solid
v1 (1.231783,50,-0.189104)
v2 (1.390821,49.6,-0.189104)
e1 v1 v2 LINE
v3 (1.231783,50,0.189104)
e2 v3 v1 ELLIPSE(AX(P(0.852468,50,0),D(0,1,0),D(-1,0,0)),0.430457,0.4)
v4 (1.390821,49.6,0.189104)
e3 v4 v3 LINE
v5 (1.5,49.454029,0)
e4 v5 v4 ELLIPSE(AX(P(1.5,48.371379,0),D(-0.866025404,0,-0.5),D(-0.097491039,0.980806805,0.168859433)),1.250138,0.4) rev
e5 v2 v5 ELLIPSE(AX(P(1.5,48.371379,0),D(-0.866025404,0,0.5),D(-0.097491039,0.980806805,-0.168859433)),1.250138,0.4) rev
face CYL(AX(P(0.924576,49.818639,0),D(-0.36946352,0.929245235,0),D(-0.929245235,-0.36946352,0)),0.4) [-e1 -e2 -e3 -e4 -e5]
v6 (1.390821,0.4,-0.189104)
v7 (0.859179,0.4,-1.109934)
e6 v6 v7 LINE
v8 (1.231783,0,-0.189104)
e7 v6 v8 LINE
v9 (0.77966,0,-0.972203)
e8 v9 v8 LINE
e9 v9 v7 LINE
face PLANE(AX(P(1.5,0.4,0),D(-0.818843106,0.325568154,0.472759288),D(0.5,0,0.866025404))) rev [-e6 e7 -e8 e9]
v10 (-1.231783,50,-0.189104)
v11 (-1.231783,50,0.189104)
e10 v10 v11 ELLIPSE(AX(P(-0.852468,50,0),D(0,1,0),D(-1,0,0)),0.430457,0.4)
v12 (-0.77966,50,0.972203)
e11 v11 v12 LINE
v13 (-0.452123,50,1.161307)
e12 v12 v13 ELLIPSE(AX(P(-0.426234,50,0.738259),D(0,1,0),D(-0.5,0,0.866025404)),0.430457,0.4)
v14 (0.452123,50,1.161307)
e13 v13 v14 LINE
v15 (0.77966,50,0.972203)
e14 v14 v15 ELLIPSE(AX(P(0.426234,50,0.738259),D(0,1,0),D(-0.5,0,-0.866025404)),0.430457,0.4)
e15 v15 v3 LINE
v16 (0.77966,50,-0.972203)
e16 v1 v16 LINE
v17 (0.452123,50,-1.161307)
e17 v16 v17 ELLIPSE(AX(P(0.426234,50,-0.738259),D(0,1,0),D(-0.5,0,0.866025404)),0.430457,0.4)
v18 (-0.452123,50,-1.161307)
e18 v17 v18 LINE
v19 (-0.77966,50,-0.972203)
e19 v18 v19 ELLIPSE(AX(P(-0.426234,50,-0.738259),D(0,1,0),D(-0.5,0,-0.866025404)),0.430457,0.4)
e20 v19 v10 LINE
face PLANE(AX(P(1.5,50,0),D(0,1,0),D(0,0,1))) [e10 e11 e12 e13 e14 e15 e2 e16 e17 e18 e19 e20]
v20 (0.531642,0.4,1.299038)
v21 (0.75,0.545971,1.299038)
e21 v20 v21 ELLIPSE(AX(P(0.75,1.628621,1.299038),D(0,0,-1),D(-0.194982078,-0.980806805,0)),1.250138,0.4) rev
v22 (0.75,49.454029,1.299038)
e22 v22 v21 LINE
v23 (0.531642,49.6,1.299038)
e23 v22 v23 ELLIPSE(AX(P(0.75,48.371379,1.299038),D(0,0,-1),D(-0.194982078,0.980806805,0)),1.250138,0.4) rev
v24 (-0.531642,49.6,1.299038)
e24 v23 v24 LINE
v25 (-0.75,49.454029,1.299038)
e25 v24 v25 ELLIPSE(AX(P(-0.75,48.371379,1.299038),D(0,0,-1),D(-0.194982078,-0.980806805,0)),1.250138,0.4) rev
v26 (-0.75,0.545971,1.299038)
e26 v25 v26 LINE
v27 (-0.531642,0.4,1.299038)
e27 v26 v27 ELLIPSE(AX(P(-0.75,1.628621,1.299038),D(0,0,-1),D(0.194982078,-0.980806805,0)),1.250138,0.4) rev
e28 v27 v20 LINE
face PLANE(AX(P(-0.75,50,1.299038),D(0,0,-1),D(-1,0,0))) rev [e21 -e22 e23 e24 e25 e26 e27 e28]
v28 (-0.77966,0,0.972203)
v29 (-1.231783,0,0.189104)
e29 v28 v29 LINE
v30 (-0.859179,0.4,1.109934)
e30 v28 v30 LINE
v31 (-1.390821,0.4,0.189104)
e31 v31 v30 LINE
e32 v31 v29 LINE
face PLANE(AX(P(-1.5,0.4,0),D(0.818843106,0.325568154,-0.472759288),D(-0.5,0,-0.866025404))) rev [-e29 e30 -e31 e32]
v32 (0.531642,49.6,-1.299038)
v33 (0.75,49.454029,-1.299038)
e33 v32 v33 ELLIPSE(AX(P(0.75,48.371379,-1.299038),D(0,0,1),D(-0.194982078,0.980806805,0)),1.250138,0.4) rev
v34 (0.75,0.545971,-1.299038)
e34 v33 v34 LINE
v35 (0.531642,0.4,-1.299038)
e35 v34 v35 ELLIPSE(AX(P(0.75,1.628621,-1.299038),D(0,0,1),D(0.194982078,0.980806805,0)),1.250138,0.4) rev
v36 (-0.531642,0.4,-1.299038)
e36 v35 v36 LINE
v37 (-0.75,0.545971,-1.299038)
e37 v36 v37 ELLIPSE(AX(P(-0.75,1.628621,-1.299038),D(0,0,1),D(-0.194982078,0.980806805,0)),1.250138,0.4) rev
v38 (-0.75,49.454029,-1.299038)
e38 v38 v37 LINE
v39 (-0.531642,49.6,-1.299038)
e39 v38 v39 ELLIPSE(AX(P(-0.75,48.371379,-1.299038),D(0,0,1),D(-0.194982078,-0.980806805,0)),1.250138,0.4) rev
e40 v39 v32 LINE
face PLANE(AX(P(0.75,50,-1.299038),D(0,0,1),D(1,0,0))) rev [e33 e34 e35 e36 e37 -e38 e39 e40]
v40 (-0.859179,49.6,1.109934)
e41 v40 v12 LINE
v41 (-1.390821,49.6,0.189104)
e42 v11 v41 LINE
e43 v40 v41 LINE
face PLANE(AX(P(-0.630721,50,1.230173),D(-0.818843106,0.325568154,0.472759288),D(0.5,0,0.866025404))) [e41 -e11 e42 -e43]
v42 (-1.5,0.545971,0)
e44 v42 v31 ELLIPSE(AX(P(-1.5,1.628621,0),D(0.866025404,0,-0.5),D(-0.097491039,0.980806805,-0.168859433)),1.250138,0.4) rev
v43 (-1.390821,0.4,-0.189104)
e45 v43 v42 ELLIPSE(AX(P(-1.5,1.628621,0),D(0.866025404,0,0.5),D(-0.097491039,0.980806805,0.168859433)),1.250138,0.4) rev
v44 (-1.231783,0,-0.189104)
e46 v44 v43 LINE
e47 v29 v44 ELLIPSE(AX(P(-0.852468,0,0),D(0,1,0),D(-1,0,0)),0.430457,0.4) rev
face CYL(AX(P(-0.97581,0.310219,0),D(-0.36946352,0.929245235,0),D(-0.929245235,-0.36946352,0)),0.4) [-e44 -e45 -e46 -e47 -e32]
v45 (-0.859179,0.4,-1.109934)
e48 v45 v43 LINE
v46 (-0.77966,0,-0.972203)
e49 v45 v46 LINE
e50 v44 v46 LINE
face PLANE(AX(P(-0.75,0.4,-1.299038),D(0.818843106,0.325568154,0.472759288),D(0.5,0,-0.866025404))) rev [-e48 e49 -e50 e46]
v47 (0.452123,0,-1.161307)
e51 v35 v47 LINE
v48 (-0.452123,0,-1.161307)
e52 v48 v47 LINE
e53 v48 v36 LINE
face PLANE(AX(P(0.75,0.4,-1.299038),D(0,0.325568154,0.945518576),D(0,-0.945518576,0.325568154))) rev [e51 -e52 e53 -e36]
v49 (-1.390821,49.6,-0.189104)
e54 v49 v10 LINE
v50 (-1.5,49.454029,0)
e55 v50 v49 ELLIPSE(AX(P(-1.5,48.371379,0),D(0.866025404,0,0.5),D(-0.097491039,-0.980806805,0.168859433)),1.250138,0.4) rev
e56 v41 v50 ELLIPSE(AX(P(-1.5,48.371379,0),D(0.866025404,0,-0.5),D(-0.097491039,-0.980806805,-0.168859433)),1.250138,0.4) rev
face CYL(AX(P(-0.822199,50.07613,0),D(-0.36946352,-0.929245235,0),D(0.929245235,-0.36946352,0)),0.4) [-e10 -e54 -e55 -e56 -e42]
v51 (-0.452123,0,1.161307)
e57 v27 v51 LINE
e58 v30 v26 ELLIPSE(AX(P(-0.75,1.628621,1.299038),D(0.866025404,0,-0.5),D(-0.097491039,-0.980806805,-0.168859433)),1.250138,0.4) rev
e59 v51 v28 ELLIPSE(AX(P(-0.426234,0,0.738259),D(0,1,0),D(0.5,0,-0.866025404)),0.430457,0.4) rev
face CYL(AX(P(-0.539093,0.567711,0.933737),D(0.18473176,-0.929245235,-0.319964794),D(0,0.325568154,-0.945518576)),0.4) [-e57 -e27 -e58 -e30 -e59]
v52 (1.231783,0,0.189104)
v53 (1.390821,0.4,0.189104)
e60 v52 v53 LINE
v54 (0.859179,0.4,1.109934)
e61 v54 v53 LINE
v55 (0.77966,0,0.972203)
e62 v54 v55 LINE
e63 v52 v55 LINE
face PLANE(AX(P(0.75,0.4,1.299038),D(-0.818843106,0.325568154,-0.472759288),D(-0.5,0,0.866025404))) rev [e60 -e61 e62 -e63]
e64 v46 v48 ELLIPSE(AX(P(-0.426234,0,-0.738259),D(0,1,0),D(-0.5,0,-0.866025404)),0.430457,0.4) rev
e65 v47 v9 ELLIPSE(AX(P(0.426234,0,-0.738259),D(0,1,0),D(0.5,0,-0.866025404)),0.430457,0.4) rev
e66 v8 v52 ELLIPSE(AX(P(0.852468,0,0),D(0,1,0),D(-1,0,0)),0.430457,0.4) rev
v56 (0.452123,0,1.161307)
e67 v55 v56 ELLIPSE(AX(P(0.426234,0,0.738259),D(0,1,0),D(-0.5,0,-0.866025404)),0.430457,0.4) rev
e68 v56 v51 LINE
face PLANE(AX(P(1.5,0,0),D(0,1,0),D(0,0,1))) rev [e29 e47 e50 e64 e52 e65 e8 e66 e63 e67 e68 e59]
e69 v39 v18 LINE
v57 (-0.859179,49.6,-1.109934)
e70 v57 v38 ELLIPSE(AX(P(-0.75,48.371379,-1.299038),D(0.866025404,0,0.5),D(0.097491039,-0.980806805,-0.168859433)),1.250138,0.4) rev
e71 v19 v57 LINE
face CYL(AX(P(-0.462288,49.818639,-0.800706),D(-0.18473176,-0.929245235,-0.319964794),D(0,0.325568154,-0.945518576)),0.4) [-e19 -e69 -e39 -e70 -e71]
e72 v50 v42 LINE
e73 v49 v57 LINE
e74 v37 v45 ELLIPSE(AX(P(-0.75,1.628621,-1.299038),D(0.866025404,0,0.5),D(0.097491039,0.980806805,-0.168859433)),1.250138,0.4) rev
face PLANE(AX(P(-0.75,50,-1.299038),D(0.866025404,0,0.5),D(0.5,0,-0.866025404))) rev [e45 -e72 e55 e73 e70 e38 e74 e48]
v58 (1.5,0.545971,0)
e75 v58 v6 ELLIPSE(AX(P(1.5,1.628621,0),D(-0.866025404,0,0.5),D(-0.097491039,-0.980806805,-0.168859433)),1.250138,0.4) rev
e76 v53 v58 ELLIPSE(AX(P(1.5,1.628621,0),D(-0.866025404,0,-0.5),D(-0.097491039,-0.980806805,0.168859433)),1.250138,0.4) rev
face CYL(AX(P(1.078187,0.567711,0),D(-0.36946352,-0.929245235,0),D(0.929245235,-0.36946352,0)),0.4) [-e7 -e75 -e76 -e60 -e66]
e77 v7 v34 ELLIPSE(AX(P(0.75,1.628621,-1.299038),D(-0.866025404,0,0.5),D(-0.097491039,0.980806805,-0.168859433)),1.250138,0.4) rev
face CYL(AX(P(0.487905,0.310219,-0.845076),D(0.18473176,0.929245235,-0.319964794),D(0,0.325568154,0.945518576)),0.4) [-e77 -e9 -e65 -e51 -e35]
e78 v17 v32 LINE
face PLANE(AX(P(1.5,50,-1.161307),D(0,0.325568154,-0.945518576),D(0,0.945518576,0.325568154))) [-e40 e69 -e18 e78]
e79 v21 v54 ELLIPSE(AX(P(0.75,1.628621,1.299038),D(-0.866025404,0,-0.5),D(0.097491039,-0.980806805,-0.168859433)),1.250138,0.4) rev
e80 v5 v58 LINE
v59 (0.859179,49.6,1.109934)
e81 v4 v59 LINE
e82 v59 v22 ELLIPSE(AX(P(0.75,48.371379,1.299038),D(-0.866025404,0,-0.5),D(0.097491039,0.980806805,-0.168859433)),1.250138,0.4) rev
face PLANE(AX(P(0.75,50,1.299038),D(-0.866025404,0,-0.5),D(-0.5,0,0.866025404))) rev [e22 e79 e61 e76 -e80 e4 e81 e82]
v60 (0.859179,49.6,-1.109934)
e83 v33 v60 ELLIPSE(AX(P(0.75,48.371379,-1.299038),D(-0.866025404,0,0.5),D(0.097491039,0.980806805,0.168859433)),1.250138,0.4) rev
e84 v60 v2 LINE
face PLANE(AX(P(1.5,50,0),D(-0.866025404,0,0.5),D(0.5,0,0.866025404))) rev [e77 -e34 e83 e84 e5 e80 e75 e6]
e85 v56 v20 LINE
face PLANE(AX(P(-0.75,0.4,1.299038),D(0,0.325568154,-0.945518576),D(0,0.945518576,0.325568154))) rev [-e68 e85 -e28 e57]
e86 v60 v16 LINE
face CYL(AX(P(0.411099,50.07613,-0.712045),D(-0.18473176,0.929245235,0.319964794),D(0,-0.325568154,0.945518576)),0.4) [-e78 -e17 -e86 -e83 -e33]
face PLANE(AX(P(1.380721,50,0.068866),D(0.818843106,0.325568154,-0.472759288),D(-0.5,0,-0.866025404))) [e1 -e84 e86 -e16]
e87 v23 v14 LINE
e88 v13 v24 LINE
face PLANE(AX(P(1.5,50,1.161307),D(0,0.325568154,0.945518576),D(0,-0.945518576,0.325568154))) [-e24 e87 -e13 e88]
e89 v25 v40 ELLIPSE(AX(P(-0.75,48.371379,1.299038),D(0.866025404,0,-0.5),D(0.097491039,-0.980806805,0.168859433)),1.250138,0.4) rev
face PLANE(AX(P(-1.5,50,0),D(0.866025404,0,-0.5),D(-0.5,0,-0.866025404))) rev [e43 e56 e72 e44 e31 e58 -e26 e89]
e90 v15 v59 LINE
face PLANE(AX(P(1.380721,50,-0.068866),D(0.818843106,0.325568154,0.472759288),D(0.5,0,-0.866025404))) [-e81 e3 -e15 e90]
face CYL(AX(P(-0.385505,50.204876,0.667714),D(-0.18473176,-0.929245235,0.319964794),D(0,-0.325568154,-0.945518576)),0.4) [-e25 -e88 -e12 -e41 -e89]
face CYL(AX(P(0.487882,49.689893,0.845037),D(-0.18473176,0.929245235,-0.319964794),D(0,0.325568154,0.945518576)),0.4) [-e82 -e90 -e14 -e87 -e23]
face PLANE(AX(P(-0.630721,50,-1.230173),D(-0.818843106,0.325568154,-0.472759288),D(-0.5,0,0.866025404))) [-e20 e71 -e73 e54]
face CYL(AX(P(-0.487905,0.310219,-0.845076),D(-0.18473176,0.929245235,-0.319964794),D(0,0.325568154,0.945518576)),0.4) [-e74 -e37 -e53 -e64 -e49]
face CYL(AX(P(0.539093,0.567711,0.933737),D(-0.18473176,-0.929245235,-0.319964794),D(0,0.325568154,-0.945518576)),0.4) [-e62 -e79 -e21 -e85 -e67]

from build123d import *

# Parameters (mm, degrees)
BOSS_EXTRUDE1_DEPTH   = 50
CHAMFER1_SIZE         = 0.4
CHAMFER1_SIZE2        = 0.137731045
CHAMFER1_PART_2_SIZE  = 0.4
CHAMFER1_PART_2_SIZE2 = 0.137731045
CHAMFER1_PART_3_SIZE  = 0.4
CHAMFER1_PART_3_SIZE2 = 0.137731045
CHAMFER1_PART_4_SIZE  = 0.4
CHAMFER1_PART_4_SIZE2 = 0.137731045
CHAMFER1_PART_5_SIZE  = 0.4
CHAMFER1_PART_5_SIZE2 = 0.137731045
CHAMFER1_PART_6_SIZE  = 0.4
CHAMFER1_PART_6_SIZE2 = 0.137731045
FILLET1_R             = 0.4


with BuildPart() as part:
    # Sketch1 → Boss-Extrude1 (new body)
    with BuildSketch(Plane(origin=(0, 0, 0), x_dir=(1, 0, 0), z_dir=(0, 1, 0))):
        Polygon((1.5, 0), (0.75, 1.299038106), (-0.75, 1.299038106), (-1.5, 0), (-0.75, -1.299038106), (0.75, -1.299038106), align=None)
    extrude(amount=BOSS_EXTRUDE1_DEPTH)

    # Chamfer1
    chamfer1_edges = [part.edges().sort_by_distance(p)[0] for p in [
        (0, 50, -1.299038106),
        (0, 0, -1.299038106),
    ]]
    chamfer1_side = [part.faces().sort_by_distance(p)[0] for p in [
        (0, 25, -1.299038106),
    ]]
    chamfer(chamfer1_edges, length=CHAMFER1_SIZE, length2=CHAMFER1_SIZE2, reference=chamfer1_side[0])

    # Chamfer1 part 2
    chamfer1_part_2_edges = [part.edges().sort_by_distance(p)[0] for p in [
        (-1.125, 50, -0.649519053),
        (-1.125, 0, -0.649519053),
    ]]
    chamfer1_part_2_side = [part.faces().sort_by_distance(p)[0] for p in [
        (-1.125, 25, -0.649519053),
    ]]
    chamfer(chamfer1_part_2_edges, length=CHAMFER1_PART_2_SIZE, length2=CHAMFER1_PART_2_SIZE2, reference=chamfer1_part_2_side[0])

    # Chamfer1 part 3
    chamfer1_part_3_edges = [part.edges().sort_by_distance(p)[0] for p in [
        (-1.125, 50, 0.649519053),
        (-1.125, 0, 0.649519053),
    ]]
    chamfer1_part_3_side = [part.faces().sort_by_distance(p)[0] for p in [
        (-1.125, 25, 0.649519053),
    ]]
    chamfer(chamfer1_part_3_edges, length=CHAMFER1_PART_3_SIZE, length2=CHAMFER1_PART_3_SIZE2, reference=chamfer1_part_3_side[0])

    # Chamfer1 part 4
    chamfer1_part_4_edges = [part.edges().sort_by_distance(p)[0] for p in [
        (0, 50, 1.299038106),
        (0, 0, 1.299038106),
    ]]
    chamfer1_part_4_side = [part.faces().sort_by_distance(p)[0] for p in [
        (0, 25, 1.299038106),
    ]]
    chamfer(chamfer1_part_4_edges, length=CHAMFER1_PART_4_SIZE, length2=CHAMFER1_PART_4_SIZE2, reference=chamfer1_part_4_side[0])

    # Chamfer1 part 5
    chamfer1_part_5_edges = [part.edges().sort_by_distance(p)[0] for p in [
        (1.125, 50, 0.649519053),
        (1.125, 0, 0.649519053),
    ]]
    chamfer1_part_5_side = [part.faces().sort_by_distance(p)[0] for p in [
        (1.125, 25, 0.649519053),
    ]]
    chamfer(chamfer1_part_5_edges, length=CHAMFER1_PART_5_SIZE, length2=CHAMFER1_PART_5_SIZE2, reference=chamfer1_part_5_side[0])

    # Chamfer1 part 6
    chamfer1_part_6_edges = [part.edges().sort_by_distance(p)[0] for p in [
        (1.125, 50, -0.649519053),
        (1.125, 0, -0.649519053),
    ]]
    chamfer1_part_6_side = [part.faces().sort_by_distance(p)[0] for p in [
        (1.125, 25, -0.649519053),
    ]]
    chamfer(chamfer1_part_6_edges, length=CHAMFER1_PART_6_SIZE, length2=CHAMFER1_PART_6_SIZE2, reference=chamfer1_part_6_side[0])

    # Fillet1
    fillet1_edges = [part.edges().sort_by_distance(p)[0] for p in [
        (-0.710240472, 0.2, 1.230172583),
        (-1.420480944, 0.2, 0),
        (0.710240472, 0.2, 1.230172583),
        (-0.710240472, 0.2, -1.230172583),
        (1.420480944, 0.2, 0),
        (0.710240472, 0.2, -1.230172583),
        (-0.710240472, 49.8, -1.230172583),
        (0.710240472, 49.8, -1.230172583),
        (-1.420480944, 49.8, 0),
        (1.420480944, 49.8, 0),
        (-0.710240472, 49.8, 1.230172583),
        (0.710240472, 49.8, 1.230172583),
    ]]
    fillet(fillet1_edges, radius=FILLET1_R)


solid = part.part
